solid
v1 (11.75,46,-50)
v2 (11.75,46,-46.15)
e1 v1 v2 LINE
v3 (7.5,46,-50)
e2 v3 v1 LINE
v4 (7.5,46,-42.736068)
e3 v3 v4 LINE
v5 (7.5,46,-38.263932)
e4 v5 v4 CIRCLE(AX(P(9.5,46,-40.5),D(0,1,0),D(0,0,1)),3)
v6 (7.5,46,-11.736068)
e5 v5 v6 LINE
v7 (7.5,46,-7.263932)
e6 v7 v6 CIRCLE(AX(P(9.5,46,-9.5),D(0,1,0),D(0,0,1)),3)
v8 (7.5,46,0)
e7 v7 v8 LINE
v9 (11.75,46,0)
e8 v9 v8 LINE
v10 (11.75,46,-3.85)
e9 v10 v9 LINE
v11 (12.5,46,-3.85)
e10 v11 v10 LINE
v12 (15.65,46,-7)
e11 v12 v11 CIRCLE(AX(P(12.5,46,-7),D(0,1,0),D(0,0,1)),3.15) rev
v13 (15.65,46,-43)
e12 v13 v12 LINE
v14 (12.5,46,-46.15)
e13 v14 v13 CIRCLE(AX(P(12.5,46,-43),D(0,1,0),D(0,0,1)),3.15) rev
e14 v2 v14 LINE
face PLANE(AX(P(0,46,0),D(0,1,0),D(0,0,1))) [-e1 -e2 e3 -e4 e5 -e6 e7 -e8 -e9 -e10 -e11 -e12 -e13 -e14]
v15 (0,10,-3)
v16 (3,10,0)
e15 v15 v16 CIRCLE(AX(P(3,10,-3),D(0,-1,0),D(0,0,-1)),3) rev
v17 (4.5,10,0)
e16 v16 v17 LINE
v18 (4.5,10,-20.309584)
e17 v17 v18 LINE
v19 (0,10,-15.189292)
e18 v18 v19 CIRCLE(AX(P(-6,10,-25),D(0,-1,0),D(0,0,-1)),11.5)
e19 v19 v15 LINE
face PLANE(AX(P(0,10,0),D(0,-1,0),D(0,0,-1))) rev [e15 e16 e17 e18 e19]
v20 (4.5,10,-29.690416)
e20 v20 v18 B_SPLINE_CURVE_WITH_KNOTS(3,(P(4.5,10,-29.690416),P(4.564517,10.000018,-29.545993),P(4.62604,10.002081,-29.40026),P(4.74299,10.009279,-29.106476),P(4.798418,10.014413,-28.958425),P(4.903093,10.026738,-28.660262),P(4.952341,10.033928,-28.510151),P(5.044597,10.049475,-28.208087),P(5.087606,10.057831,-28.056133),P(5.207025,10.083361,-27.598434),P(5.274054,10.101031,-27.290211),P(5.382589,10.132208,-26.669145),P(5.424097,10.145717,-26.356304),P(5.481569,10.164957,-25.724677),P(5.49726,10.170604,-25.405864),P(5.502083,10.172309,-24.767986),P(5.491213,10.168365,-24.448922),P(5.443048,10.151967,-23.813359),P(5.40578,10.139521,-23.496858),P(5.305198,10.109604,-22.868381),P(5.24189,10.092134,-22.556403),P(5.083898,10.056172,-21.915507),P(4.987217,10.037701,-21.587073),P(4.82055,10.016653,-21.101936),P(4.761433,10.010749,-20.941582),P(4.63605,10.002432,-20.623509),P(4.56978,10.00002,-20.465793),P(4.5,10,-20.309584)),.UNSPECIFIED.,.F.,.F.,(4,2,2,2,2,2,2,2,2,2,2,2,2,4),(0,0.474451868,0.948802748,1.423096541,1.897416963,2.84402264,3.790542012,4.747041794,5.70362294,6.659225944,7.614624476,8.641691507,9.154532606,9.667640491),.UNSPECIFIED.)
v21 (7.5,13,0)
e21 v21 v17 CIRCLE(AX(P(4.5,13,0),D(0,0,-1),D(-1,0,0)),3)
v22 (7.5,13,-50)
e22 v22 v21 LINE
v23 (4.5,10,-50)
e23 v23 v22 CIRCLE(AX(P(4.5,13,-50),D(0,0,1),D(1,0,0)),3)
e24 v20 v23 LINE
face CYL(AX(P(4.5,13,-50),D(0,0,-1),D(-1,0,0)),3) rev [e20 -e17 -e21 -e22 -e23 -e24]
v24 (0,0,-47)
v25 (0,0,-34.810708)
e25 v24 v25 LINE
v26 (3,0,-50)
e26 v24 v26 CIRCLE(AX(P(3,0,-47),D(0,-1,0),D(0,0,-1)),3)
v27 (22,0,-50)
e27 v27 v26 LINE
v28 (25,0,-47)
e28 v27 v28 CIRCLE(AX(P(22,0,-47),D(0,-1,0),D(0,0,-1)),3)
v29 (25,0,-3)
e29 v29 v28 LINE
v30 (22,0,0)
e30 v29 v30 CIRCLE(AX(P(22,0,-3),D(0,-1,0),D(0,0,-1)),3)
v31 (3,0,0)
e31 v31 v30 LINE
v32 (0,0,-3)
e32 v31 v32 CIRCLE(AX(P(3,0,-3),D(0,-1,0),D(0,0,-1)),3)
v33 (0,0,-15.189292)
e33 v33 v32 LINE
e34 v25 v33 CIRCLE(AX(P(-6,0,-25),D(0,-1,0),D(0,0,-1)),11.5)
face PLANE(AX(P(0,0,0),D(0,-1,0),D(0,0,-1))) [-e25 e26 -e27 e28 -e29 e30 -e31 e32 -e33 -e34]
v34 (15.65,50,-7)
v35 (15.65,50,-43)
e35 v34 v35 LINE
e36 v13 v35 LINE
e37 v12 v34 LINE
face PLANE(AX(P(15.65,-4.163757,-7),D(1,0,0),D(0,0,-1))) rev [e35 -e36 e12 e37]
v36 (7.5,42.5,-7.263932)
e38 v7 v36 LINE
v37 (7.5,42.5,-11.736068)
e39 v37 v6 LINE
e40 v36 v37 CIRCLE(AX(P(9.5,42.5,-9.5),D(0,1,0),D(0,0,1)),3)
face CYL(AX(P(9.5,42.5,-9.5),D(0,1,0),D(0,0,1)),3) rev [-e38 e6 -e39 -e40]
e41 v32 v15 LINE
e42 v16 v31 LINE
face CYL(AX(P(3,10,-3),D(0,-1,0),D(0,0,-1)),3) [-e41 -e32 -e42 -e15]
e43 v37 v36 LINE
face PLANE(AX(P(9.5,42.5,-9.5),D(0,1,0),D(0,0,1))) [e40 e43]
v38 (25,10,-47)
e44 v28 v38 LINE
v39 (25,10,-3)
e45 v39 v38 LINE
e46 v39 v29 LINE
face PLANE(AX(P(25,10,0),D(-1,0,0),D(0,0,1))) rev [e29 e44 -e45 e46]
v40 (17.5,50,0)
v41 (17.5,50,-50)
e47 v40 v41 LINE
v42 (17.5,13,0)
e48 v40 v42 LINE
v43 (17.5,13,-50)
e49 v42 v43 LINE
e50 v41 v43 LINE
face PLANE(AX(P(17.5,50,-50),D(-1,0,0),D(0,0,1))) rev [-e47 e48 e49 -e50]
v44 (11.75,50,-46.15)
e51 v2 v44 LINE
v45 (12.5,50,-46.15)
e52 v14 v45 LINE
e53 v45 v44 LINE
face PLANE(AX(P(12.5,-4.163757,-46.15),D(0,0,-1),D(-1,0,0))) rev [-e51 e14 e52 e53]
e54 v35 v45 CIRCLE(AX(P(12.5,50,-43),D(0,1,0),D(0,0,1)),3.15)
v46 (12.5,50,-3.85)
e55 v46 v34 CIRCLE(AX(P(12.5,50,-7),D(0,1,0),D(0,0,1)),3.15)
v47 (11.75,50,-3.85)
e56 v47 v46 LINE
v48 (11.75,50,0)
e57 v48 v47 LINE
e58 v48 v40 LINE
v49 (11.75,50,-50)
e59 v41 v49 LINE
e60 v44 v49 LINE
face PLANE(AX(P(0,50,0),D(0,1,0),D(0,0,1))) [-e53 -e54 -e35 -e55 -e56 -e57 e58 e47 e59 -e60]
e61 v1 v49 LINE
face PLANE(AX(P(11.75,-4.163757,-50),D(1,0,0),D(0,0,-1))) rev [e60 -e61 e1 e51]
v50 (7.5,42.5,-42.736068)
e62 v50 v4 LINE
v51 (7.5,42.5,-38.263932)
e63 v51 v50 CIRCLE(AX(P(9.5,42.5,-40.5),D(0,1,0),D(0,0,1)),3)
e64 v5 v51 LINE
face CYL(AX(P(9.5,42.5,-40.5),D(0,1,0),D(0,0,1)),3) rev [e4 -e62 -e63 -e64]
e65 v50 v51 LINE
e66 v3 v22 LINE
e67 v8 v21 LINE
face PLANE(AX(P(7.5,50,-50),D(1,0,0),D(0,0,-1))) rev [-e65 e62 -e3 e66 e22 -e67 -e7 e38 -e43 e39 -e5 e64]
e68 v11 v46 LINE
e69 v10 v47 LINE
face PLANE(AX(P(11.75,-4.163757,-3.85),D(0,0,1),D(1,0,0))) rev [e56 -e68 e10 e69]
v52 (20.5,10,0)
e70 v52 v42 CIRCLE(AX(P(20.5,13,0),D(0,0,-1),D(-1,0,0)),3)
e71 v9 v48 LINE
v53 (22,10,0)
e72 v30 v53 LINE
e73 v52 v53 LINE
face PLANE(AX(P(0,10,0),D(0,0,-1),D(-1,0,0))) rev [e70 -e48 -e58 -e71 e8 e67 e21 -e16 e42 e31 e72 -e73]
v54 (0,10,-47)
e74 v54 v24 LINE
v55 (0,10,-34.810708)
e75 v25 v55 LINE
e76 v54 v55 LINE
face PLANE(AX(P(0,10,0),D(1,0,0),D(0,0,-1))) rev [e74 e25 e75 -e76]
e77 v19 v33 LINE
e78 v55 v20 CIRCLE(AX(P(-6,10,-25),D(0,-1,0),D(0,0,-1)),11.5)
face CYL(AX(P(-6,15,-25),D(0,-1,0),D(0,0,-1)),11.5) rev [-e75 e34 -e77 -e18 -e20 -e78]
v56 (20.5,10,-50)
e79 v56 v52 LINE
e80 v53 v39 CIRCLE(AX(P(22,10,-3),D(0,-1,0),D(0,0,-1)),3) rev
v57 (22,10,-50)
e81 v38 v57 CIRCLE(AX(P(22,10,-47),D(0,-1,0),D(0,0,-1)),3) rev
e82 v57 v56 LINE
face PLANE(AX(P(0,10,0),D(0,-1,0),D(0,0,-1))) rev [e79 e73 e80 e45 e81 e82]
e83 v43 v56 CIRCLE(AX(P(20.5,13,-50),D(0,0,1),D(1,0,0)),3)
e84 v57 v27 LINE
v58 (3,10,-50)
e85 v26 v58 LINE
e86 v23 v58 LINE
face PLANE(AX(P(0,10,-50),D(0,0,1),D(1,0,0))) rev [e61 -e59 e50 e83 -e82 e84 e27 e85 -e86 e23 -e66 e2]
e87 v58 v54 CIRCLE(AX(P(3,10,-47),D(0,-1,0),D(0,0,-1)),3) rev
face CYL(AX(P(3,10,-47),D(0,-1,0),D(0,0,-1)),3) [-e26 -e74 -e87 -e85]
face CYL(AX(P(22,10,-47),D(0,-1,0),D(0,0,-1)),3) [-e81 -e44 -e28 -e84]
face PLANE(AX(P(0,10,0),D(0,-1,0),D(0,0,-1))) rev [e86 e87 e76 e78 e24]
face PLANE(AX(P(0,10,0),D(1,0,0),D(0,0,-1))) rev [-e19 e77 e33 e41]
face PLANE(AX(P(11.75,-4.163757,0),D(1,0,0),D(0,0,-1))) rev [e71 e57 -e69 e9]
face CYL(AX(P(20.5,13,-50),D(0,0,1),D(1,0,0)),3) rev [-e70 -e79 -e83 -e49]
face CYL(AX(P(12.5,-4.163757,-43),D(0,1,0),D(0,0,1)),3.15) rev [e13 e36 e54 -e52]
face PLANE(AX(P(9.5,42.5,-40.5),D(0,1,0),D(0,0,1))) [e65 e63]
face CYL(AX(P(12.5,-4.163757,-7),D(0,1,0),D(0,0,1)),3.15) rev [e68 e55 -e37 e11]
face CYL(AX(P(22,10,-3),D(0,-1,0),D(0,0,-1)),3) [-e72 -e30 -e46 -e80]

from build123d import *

# Parameters (mm, degrees)
CROQUIS1_W              = 25
CROQUIS1_H              = 50
SALIENTE_EXTRUIR1_DEPTH = 10
CROQUIS2_W              = 10
CROQUIS2_H              = 50
SALIENTE_EXTRUIR2_DEPTH = 40
CROQUIS3_W              = 8
CROQUIS3_H              = 42
CORTAR_EXTRUIR1_DEPTH   = 4
REDONDEO1_R             = 3
CROQUIS4_W              = 4.1
CROQUIS4_H              = 50
CORTAR_EXTRUIR2_DEPTH   = 4
CROQUIS5_R              = 3
CORTAR_EXTRUIR3_DEPTH   = 3.5
CORTAR_EXTRUIR4_START   = -4
CORTAR_EXTRUIR4_DEPTH   = 4
REDONDEO2_R             = 3
CROQUIS7_R              = 11.5
CORTAR_EXTRUIR5_DEPTH   = 15


with BuildPart() as part:
    # Croquis1 → Saliente-Extruir1 (new body)
    with BuildSketch(Plane(origin=(0, 0, 0), x_dir=(1, 0, 0), z_dir=(0, 1, 0))):
        with Locations((12.5, 25)):
            Rectangle(CROQUIS1_W, CROQUIS1_H)
    extrude(amount=SALIENTE_EXTRUIR1_DEPTH)

    # Croquis2 → Saliente-Extruir2 (add)
    with BuildSketch(Plane(origin=(0, 10, 0), x_dir=(1, 0, 0), z_dir=(0, 1, 0))):
        with Locations((12.5, 25)):
            Rectangle(CROQUIS2_W, CROQUIS2_H)
    extrude(amount=SALIENTE_EXTRUIR2_DEPTH)

    # Croquis3 → Cortar-Extruir1 (cut)
    with BuildSketch(Plane(origin=(0, 50, 0), x_dir=(1, 0, 0), z_dir=(0, 1, 0))):
        with Locations((11.5, 25)):
            Rectangle(CROQUIS3_W, CROQUIS3_H)
    extrude(amount=-CORTAR_EXTRUIR1_DEPTH, mode=Mode.SUBTRACT)

    # Redondeo1
    redondeo1_edges = [part.edges().sort_by_distance(p)[0] for p in [
        (15.5, 48, -46),
        (15.5, 48, -4),
    ]]
    fillet(redondeo1_edges, radius=REDONDEO1_R)

    # Croquis4 → Cortar-Extruir2 (cut)
    with BuildSketch(Plane(origin=(0, 50, 0), x_dir=(1, 0, 0), z_dir=(0, 1, 0))):
        with Locations((9.55, 25)):
            Rectangle(CROQUIS4_W, CROQUIS4_H)
    extrude(amount=-CORTAR_EXTRUIR2_DEPTH, mode=Mode.SUBTRACT)

    # Croquis5 → Cortar-Extruir3 (cut)
    with BuildSketch(Plane(origin=(0, 46, 0), x_dir=(1, 0, 0), z_dir=(0, 1, 0))):
        with Locations((9.5, 9.5)):
            Circle(CROQUIS5_R)
        with Locations((9.5, 40.5)):
            Circle(CROQUIS5_R)
    extrude(amount=-CORTAR_EXTRUIR3_DEPTH, mode=Mode.SUBTRACT)

    # Croquis6 → Cortar-Extruir4 (cut)
    with BuildSketch(Plane(origin=(0, 50, 0), x_dir=(1, 0, 0), z_dir=(0, 1, 0)).offset(CORTAR_EXTRUIR4_START)):
        with BuildLine():
            Line((11.6, 4), (12.5, 4))
            ThreePointArc((12.5, 4), (14.621320344, 4.878679656), (15.5, 7))
            Line((15.5, 7), (15.5, 43))
            ThreePointArc((15.5, 43), (14.621320344, 45.121320344), (12.5, 46))
            Line((12.5, 46), (11.6, 46))
            Line((11.6, 46), (11.6, 50))
            Line((11.6, 50), (11.75, 50))
            Line((11.75, 50), (11.75, 46.15))
            Line((11.75, 46.15), (12.5, 46.15))
            ThreePointArc((12.5, 46.15), (14.727386361, 45.227386361), (15.65, 43))
            Line((15.65, 43), (15.65, 7))
            ThreePointArc((15.65, 7), (14.727386361, 4.772613639), (12.5, 3.85))
            Line((12.5, 3.85), (11.75, 3.85))
            Line((11.75, 3.85), (11.75, 0))
            Line((11.75, 0), (11.6, 0))
            Line((11.6, 0), (11.6, 4))
        make_face()
    extrude(amount=CORTAR_EXTRUIR4_DEPTH, mode=Mode.SUBTRACT)

    # Redondeo2
    redondeo2_edges = [part.edges().sort_by_distance(p)[0] for p in [
        (7.5, 10, -25),
        (17.5, 10, -25),
        (0, 5, -50),
        (25, 5, -50),
        (25, 5, 0),
        (0, 5, 0),
    ]]
    fillet(redondeo2_edges, radius=REDONDEO2_R)

    # Croquis7 → Cortar-Extruir5 (cut)
    with BuildSketch(Plane.XZ):
        with Locations((-6, -25)):
            Circle(CROQUIS7_R)
    extrude(amount=-CORTAR_EXTRUIR5_DEPTH, mode=Mode.SUBTRACT)


solid = part.part
